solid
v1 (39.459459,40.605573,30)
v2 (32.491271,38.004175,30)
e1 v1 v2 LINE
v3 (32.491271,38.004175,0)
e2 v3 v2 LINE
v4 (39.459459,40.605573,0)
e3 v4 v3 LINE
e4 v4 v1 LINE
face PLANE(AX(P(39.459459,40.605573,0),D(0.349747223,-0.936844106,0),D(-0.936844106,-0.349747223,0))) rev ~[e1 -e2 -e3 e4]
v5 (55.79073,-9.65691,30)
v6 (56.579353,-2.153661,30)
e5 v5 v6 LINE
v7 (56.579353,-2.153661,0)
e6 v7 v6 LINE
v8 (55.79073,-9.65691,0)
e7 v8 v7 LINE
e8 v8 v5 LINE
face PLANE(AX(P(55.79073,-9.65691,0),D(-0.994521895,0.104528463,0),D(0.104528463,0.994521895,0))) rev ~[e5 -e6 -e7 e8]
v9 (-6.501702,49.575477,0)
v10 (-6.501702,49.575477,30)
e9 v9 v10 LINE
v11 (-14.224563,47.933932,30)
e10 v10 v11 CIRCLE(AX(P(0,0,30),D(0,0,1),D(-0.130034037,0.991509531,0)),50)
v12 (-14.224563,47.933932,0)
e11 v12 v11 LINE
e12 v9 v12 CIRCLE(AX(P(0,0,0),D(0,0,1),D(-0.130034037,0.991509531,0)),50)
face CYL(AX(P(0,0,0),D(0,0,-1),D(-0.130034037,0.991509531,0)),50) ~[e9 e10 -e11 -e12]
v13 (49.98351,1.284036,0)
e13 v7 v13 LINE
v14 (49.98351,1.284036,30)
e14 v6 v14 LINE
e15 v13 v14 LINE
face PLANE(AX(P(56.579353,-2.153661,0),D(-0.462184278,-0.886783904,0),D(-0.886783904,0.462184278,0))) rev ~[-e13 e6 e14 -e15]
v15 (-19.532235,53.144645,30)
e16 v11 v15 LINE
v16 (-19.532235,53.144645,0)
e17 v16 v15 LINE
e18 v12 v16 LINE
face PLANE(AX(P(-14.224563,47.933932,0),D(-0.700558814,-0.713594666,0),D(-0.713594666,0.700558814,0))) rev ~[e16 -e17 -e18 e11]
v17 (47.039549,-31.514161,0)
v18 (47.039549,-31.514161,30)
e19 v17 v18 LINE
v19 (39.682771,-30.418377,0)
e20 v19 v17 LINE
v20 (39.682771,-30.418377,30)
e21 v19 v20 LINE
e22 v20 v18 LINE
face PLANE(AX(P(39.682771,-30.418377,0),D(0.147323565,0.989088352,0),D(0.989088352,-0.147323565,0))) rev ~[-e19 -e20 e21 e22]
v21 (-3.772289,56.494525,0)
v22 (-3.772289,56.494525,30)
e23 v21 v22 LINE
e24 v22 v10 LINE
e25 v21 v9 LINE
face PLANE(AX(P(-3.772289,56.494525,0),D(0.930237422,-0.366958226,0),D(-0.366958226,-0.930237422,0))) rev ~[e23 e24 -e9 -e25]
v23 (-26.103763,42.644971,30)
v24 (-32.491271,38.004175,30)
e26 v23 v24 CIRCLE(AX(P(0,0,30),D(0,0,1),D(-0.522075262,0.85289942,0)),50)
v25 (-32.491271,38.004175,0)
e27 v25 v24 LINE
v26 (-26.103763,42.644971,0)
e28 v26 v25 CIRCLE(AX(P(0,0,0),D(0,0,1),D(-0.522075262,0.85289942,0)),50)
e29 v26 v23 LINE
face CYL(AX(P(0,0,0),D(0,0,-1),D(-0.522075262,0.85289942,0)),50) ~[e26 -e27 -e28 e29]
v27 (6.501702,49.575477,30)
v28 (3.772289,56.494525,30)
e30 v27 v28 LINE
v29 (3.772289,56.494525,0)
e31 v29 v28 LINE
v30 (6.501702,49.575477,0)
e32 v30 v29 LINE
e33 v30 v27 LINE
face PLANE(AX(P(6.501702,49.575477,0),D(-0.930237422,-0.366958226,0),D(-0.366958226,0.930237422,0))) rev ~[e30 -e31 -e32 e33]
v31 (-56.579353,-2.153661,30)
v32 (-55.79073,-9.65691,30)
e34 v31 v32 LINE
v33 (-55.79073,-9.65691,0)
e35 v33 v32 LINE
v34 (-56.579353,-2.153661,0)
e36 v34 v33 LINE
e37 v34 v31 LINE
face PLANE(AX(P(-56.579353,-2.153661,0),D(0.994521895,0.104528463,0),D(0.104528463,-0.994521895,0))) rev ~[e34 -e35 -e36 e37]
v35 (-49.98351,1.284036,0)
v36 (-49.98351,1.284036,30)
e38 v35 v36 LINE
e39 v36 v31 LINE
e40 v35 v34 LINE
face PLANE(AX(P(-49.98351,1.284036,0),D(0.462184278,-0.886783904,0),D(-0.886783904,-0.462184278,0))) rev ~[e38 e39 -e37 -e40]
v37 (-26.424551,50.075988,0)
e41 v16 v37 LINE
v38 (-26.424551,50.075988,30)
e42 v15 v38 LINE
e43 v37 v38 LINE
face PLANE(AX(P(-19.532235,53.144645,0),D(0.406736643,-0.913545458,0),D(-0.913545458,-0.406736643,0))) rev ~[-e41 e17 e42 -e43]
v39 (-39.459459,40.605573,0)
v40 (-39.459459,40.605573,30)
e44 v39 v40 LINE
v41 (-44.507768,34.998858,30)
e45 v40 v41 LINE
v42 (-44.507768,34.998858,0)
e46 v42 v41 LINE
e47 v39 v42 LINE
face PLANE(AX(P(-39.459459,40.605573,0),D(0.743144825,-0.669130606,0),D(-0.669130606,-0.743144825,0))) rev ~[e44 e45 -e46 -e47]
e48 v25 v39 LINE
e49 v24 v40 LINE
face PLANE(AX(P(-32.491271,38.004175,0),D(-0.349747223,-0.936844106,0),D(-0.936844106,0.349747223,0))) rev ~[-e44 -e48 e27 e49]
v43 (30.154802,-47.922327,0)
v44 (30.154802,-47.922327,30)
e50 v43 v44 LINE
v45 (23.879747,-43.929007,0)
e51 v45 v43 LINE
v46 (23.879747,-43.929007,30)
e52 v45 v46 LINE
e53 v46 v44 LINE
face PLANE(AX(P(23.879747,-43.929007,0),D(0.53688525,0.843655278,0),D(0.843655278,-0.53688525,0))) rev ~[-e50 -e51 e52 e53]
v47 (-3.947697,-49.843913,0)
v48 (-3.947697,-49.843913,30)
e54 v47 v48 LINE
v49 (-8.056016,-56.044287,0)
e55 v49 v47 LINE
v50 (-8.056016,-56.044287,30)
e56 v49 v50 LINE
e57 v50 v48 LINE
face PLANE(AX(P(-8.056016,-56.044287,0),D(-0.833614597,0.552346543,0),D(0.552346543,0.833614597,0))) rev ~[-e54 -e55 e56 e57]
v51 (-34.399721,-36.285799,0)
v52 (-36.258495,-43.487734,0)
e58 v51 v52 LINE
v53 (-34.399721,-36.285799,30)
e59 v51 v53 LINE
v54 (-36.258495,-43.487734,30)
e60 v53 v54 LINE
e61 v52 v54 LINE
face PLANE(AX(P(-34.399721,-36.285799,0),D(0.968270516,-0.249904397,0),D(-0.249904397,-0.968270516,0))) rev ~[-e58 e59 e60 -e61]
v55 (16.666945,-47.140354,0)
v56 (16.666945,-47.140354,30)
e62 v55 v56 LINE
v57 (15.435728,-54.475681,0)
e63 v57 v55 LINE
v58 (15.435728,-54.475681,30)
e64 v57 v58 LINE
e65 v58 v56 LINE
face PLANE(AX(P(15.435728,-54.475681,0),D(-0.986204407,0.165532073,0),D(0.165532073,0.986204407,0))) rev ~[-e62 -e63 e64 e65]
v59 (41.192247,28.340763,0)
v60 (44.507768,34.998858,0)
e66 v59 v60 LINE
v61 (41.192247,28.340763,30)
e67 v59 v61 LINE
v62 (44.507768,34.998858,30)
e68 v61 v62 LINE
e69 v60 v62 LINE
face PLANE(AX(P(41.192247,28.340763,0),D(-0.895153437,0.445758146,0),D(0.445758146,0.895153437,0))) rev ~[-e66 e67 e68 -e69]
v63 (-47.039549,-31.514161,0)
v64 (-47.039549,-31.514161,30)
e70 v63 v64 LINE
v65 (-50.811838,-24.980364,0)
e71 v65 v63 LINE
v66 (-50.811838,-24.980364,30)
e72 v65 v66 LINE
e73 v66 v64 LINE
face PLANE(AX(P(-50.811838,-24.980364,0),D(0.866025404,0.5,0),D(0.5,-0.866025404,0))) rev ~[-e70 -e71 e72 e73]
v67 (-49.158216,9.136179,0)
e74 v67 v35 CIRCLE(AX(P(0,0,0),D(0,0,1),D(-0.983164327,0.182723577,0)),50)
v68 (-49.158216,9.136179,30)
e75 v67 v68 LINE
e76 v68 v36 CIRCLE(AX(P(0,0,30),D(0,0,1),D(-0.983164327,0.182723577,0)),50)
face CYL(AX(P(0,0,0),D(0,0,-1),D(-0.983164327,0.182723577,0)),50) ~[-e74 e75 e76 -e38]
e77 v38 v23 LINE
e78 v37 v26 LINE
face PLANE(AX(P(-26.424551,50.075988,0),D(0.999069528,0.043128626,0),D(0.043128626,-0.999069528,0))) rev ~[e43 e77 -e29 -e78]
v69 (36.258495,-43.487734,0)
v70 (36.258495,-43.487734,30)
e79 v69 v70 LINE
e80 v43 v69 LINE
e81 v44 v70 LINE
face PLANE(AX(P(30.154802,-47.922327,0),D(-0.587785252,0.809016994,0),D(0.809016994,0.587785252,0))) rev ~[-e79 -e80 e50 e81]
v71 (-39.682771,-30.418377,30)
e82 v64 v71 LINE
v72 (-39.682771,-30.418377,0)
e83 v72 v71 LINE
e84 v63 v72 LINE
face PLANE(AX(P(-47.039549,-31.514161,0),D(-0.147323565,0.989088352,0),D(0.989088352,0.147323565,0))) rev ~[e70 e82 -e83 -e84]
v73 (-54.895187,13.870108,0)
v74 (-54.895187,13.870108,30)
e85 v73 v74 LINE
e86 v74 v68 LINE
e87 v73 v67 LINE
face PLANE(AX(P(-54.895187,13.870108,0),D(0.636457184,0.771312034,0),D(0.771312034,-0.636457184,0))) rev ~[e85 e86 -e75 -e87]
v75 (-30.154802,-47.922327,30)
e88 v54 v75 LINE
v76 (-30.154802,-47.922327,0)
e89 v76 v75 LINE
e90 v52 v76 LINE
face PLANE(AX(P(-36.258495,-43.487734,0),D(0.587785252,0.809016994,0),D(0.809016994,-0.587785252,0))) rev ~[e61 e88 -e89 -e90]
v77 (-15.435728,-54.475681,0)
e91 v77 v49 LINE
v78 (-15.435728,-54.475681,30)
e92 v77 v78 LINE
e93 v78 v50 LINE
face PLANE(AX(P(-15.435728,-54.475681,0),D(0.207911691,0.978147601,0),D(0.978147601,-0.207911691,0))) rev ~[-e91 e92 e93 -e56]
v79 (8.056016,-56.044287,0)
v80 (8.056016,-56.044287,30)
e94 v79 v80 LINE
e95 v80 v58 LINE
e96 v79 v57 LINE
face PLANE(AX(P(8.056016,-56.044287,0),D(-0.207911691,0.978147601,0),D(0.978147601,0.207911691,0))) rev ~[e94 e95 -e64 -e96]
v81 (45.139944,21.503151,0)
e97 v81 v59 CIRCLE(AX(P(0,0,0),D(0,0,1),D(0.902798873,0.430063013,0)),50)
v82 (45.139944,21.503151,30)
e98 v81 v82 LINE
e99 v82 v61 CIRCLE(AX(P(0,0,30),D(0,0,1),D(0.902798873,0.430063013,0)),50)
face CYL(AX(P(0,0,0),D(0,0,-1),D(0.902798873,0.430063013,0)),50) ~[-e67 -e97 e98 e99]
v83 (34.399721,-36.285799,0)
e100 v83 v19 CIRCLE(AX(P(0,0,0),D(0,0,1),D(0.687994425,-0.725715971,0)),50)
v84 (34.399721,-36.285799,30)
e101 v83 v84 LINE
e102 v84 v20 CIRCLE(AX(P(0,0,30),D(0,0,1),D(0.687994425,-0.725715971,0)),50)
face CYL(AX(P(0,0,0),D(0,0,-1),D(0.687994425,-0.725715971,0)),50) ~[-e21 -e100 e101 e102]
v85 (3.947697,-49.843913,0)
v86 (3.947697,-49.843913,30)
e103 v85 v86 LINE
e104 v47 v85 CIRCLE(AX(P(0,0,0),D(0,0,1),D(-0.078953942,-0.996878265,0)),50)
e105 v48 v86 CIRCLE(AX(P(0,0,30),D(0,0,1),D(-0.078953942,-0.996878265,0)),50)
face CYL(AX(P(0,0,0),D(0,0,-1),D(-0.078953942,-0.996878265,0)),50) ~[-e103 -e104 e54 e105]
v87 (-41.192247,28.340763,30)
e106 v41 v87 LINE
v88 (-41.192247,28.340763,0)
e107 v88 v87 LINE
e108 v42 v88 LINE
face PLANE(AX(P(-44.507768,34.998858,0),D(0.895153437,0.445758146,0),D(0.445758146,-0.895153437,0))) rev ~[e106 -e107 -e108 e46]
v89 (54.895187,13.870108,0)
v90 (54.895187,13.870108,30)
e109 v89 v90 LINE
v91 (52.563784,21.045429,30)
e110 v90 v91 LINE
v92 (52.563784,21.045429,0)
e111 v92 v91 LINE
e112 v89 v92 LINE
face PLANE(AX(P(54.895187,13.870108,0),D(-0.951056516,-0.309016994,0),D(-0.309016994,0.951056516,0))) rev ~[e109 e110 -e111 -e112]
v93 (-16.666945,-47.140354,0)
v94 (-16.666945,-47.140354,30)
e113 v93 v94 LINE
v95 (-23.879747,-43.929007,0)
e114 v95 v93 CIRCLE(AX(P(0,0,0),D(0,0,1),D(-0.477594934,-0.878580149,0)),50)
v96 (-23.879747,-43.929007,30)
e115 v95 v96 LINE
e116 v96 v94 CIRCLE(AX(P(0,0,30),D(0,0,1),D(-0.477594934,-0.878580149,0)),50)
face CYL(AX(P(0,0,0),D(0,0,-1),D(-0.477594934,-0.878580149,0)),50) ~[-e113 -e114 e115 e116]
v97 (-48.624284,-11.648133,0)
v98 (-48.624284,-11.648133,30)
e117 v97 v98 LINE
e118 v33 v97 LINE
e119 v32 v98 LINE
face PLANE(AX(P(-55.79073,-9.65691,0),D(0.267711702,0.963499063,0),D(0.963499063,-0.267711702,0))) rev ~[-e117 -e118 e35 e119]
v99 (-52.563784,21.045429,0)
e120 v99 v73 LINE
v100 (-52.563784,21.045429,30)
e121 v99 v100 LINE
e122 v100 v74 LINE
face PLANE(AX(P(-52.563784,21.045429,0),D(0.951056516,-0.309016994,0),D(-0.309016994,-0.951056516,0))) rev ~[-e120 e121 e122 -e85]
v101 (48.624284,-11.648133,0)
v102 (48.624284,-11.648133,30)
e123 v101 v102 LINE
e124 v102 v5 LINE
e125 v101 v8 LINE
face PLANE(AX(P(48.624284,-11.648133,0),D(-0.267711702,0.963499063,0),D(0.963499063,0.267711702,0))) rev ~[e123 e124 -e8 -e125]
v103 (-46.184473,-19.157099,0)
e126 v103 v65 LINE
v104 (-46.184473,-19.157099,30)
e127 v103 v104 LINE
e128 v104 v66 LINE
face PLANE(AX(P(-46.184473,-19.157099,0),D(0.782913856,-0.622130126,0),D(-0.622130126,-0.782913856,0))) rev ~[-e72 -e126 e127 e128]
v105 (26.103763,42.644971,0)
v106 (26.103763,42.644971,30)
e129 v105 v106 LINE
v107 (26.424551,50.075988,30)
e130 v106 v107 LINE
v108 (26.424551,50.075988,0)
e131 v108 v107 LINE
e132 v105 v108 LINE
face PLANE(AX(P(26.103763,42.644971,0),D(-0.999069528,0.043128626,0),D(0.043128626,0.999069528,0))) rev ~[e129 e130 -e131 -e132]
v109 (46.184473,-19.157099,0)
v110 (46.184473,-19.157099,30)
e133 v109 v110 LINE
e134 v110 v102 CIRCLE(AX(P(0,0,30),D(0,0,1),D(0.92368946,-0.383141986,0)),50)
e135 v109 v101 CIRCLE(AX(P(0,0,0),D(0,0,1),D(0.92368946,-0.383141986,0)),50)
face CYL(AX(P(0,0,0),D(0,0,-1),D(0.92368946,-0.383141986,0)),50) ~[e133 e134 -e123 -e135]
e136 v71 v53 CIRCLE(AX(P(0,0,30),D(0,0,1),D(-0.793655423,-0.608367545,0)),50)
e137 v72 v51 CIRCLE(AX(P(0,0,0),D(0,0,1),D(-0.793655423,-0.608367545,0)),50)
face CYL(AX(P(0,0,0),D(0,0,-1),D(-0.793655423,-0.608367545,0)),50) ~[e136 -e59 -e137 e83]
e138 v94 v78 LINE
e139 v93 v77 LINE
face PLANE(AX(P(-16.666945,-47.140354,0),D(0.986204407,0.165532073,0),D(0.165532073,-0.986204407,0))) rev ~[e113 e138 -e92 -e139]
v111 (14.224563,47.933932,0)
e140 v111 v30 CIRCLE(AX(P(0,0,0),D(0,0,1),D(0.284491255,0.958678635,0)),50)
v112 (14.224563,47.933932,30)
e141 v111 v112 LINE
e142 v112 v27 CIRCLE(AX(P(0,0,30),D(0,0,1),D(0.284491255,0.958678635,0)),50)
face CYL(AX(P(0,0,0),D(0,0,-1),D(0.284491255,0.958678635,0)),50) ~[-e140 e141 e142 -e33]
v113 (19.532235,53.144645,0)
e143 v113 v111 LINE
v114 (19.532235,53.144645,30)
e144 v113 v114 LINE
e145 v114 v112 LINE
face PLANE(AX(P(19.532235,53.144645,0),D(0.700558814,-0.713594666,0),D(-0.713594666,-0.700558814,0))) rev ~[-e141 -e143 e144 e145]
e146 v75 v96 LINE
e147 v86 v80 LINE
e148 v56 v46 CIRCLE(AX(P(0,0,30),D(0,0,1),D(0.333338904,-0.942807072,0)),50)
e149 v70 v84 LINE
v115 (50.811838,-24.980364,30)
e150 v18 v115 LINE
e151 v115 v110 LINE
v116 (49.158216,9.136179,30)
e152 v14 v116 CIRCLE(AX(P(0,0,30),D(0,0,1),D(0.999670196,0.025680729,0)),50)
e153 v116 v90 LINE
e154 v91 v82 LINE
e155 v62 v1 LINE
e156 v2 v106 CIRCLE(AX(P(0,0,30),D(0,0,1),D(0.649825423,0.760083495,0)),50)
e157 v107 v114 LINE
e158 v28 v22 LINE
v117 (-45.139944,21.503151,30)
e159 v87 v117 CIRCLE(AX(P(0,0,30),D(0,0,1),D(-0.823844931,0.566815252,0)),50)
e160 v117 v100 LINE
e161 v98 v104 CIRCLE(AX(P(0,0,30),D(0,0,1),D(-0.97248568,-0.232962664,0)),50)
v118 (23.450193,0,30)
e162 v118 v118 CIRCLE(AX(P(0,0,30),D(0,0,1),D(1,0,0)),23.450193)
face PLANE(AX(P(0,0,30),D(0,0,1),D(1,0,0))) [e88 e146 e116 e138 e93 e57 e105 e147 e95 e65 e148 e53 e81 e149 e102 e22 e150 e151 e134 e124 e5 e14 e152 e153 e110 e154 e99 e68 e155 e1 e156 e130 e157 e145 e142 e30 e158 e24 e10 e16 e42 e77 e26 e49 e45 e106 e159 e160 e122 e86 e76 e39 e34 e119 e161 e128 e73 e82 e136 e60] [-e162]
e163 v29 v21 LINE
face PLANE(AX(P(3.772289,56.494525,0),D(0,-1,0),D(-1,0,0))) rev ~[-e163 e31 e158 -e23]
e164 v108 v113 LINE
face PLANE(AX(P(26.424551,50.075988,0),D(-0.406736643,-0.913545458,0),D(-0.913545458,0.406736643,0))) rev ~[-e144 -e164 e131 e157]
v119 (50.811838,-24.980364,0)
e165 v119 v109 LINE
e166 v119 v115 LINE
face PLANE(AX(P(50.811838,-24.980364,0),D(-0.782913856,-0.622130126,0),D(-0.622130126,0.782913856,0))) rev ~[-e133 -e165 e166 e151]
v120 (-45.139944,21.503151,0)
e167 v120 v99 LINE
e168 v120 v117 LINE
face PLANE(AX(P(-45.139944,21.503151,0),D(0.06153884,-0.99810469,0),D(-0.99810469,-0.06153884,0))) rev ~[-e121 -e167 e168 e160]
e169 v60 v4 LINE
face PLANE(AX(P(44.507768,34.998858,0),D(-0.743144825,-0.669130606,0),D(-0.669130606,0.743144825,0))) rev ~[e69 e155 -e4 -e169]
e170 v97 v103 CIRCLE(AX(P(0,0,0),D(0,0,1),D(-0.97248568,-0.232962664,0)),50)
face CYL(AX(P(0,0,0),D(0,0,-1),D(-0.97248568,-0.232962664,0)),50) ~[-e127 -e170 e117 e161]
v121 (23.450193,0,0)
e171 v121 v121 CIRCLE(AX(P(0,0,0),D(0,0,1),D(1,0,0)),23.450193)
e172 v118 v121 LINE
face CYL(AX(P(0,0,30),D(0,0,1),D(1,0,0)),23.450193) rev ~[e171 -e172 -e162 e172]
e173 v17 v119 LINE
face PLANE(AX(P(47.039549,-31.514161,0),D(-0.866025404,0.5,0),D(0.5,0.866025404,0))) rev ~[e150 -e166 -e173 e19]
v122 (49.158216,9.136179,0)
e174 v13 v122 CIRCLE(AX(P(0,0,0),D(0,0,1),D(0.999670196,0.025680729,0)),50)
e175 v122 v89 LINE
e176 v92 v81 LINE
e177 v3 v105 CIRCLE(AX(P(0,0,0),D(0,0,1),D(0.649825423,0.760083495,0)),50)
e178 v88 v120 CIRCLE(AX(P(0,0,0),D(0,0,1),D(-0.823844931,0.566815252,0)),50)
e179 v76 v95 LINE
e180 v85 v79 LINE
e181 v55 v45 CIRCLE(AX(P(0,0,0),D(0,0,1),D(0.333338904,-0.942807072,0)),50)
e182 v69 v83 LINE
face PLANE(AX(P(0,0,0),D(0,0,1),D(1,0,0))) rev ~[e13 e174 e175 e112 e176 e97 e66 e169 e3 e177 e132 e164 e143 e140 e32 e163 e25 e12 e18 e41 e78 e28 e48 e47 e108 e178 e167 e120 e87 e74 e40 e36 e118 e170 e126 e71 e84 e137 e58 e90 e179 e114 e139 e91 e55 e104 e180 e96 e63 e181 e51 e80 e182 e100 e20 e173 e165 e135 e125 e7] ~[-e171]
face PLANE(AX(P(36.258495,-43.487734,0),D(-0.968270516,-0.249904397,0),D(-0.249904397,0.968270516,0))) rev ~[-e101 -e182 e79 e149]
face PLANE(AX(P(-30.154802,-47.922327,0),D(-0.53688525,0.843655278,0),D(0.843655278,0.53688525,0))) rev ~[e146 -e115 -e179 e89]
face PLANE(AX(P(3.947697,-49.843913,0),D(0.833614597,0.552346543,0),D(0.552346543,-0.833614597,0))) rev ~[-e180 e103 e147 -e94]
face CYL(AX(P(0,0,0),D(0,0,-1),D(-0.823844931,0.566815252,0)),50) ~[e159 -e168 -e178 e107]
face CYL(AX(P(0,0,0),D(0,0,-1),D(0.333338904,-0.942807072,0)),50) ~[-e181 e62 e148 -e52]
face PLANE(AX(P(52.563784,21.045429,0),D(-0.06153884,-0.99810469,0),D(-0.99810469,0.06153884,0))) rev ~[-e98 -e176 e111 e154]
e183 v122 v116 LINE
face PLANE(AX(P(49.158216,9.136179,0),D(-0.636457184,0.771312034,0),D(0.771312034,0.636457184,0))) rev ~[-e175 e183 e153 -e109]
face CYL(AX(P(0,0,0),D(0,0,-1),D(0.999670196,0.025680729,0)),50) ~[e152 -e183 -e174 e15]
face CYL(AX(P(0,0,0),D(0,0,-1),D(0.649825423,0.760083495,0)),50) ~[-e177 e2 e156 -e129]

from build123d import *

# Parameters (mm, degrees)
BOSS_EXTRUDE1_DEPTH = 30
SKETCH2_R           = 23.45019305
CUT_EXTRUDE1_DEPTH  = 30


with BuildPart() as part:
    # Sketch1 → Boss-Extrude1 (new body)
    with BuildSketch(Plane.XY):
        with BuildLine():
            Line((6.50170184, 49.57547653), (3.772289399, 56.49452457))
            Line((3.772289399, 56.49452457), (-3.772289399, 56.49452457))
            Line((-3.772289399, 56.49452457), (-6.50170184, 49.57547653))
            ThreePointArc((-6.50170184, 49.57547653), (-10.395584541, 48.907380037), (-14.22456272, 47.933931775))
            Line((-14.22456272, 47.933931775), (-19.532235431, 53.144644629))
            Line((-19.532235431, 53.144644629), (-26.424551121, 50.075987976))
            Line((-26.424551121, 50.075987976), (-26.103763086, 42.644971014))
            ThreePointArc((-26.103763086, 42.644971014), (-29.389262615, 40.450849719), (-32.491271159, 38.00417475))
            Line((-32.491271159, 38.00417475), (-39.459459309, 40.605572828))
            Line((-39.459459309, 40.605572828), (-44.507767895, 34.998858134))
            Line((-44.507767895, 34.998858134), (-41.192246548, 28.340762592))
            ThreePointArc((-41.192246548, 28.340762592), (-43.301270189, 25), (-45.139943641, 21.503150654))
            Line((-45.139943641, 21.503150654), (-52.563784195, 21.045428595))
            Line((-52.563784195, 21.045428595), (-54.895187259, 13.870107767))
            Line((-54.895187259, 13.870107767), (-49.158216363, 9.13617885))
            ThreePointArc((-49.158216363, 9.13617885), (-49.726094768, 5.226423163), (-49.983509784, 1.28403646))
            Line((-49.983509784, 1.28403646), (-56.579353267, -2.153661434))
            Line((-56.579353267, -2.153661434), (-55.790730039, -9.656910239))
            Line((-55.790730039, -9.656910239), (-48.624283981, -11.648133214))
            ThreePointArc((-48.624283981, -11.648133214), (-47.552825815, -15.450849719), (-46.184473, -19.157099304))
            Line((-46.184473, -19.157099304), (-50.811838152, -24.980363835))
            Line((-50.811838152, -24.980363835), (-47.039548753, -31.514160735))
            Line((-47.039548753, -31.514160735), (-39.68277116, -30.418377226))
            ThreePointArc((-39.68277116, -30.418377226), (-37.157241274, -33.456530318), (-34.399721261, -36.285798561))
            Line((-34.399721261, -36.285798561), (-36.258494609, -43.48773439))
            Line((-36.258494609, -43.48773439), (-30.154802146, -47.922326542))
            Line((-30.154802146, -47.922326542), (-23.879746699, -43.929007473))
            ThreePointArc((-23.879746699, -43.929007473), (-20.336832154, -45.677272882), (-16.666945204, -47.1403536))
            Line((-16.666945204, -47.1403536), (-15.43572795, -54.475680595))
            Line((-15.43572795, -54.475680595), (-8.0560163, -56.04428673))
            Line((-8.0560163, -56.04428673), (-3.947697093, -49.843913246))
            ThreePointArc((-3.947697093, -49.843913246), (0, -50), (3.947697093, -49.843913246))
            Line((3.947697093, -49.843913246), (8.056016301, -56.04428673))
            Line((8.056016301, -56.04428673), (15.43572795, -54.475680595))
            Line((15.43572795, -54.475680595), (16.666945204, -47.1403536))
            ThreePointArc((16.666945204, -47.1403536), (20.336832154, -45.677272882), (23.879746699, -43.929007473))
            Line((23.879746699, -43.929007473), (30.154802146, -47.922326542))
            Line((30.154802146, -47.922326542), (36.258494609, -43.48773439))
            Line((36.258494609, -43.48773439), (34.399721261, -36.285798561))
            ThreePointArc((34.399721261, -36.285798561), (37.157241274, -33.456530318), (39.68277116, -30.418377226))
            Line((39.68277116, -30.418377226), (47.039548753, -31.514160735))
            Line((47.039548753, -31.514160735), (50.811838152, -24.980363835))
            Line((50.811838152, -24.980363835), (46.184473, -19.157099304))
            ThreePointArc((46.184473, -19.157099304), (47.552825815, -15.450849719), (48.624283981, -11.648133214))
            Line((48.624283981, -11.648133214), (55.790730039, -9.656910239))
            Line((55.790730039, -9.656910239), (56.579353267, -2.153661433))
            Line((56.579353267, -2.153661433), (49.983509784, 1.28403646))
            ThreePointArc((49.983509784, 1.28403646), (49.726094768, 5.226423163), (49.158216363, 9.13617885))
            Line((49.158216363, 9.13617885), (54.895187259, 13.870107767))
            Line((54.895187259, 13.870107767), (52.563784195, 21.045428595))
            Line((52.563784195, 21.045428595), (45.139943641, 21.503150654))
            ThreePointArc((45.139943641, 21.503150654), (43.301270189, 25), (41.192246548, 28.340762592))
            Line((41.192246548, 28.340762592), (44.507767895, 34.998858134))
            Line((44.507767895, 34.998858134), (39.459459309, 40.605572828))
            Line((39.459459309, 40.605572828), (32.491271159, 38.00417475))
            ThreePointArc((32.491271159, 38.00417475), (29.389262615, 40.450849719), (26.103763086, 42.644971014))
            Line((26.103763086, 42.644971014), (26.424551121, 50.075987976))
            Line((26.424551121, 50.075987976), (19.53223543, 53.144644629))
            Line((19.53223543, 53.144644629), (14.22456272, 47.933931775))
            ThreePointArc((14.22456272, 47.933931775), (10.395584541, 48.907380037), (6.50170184, 49.57547653))
        make_face()
    extrude(amount=BOSS_EXTRUDE1_DEPTH)

    # Sketch2 → Cut-Extrude1 (cut)
    with BuildSketch(Plane.XY.offset(30)):
        Circle(SKETCH2_R)
    extrude(amount=-CUT_EXTRUDE1_DEPTH, mode=Mode.SUBTRACT)


solid = part.part
